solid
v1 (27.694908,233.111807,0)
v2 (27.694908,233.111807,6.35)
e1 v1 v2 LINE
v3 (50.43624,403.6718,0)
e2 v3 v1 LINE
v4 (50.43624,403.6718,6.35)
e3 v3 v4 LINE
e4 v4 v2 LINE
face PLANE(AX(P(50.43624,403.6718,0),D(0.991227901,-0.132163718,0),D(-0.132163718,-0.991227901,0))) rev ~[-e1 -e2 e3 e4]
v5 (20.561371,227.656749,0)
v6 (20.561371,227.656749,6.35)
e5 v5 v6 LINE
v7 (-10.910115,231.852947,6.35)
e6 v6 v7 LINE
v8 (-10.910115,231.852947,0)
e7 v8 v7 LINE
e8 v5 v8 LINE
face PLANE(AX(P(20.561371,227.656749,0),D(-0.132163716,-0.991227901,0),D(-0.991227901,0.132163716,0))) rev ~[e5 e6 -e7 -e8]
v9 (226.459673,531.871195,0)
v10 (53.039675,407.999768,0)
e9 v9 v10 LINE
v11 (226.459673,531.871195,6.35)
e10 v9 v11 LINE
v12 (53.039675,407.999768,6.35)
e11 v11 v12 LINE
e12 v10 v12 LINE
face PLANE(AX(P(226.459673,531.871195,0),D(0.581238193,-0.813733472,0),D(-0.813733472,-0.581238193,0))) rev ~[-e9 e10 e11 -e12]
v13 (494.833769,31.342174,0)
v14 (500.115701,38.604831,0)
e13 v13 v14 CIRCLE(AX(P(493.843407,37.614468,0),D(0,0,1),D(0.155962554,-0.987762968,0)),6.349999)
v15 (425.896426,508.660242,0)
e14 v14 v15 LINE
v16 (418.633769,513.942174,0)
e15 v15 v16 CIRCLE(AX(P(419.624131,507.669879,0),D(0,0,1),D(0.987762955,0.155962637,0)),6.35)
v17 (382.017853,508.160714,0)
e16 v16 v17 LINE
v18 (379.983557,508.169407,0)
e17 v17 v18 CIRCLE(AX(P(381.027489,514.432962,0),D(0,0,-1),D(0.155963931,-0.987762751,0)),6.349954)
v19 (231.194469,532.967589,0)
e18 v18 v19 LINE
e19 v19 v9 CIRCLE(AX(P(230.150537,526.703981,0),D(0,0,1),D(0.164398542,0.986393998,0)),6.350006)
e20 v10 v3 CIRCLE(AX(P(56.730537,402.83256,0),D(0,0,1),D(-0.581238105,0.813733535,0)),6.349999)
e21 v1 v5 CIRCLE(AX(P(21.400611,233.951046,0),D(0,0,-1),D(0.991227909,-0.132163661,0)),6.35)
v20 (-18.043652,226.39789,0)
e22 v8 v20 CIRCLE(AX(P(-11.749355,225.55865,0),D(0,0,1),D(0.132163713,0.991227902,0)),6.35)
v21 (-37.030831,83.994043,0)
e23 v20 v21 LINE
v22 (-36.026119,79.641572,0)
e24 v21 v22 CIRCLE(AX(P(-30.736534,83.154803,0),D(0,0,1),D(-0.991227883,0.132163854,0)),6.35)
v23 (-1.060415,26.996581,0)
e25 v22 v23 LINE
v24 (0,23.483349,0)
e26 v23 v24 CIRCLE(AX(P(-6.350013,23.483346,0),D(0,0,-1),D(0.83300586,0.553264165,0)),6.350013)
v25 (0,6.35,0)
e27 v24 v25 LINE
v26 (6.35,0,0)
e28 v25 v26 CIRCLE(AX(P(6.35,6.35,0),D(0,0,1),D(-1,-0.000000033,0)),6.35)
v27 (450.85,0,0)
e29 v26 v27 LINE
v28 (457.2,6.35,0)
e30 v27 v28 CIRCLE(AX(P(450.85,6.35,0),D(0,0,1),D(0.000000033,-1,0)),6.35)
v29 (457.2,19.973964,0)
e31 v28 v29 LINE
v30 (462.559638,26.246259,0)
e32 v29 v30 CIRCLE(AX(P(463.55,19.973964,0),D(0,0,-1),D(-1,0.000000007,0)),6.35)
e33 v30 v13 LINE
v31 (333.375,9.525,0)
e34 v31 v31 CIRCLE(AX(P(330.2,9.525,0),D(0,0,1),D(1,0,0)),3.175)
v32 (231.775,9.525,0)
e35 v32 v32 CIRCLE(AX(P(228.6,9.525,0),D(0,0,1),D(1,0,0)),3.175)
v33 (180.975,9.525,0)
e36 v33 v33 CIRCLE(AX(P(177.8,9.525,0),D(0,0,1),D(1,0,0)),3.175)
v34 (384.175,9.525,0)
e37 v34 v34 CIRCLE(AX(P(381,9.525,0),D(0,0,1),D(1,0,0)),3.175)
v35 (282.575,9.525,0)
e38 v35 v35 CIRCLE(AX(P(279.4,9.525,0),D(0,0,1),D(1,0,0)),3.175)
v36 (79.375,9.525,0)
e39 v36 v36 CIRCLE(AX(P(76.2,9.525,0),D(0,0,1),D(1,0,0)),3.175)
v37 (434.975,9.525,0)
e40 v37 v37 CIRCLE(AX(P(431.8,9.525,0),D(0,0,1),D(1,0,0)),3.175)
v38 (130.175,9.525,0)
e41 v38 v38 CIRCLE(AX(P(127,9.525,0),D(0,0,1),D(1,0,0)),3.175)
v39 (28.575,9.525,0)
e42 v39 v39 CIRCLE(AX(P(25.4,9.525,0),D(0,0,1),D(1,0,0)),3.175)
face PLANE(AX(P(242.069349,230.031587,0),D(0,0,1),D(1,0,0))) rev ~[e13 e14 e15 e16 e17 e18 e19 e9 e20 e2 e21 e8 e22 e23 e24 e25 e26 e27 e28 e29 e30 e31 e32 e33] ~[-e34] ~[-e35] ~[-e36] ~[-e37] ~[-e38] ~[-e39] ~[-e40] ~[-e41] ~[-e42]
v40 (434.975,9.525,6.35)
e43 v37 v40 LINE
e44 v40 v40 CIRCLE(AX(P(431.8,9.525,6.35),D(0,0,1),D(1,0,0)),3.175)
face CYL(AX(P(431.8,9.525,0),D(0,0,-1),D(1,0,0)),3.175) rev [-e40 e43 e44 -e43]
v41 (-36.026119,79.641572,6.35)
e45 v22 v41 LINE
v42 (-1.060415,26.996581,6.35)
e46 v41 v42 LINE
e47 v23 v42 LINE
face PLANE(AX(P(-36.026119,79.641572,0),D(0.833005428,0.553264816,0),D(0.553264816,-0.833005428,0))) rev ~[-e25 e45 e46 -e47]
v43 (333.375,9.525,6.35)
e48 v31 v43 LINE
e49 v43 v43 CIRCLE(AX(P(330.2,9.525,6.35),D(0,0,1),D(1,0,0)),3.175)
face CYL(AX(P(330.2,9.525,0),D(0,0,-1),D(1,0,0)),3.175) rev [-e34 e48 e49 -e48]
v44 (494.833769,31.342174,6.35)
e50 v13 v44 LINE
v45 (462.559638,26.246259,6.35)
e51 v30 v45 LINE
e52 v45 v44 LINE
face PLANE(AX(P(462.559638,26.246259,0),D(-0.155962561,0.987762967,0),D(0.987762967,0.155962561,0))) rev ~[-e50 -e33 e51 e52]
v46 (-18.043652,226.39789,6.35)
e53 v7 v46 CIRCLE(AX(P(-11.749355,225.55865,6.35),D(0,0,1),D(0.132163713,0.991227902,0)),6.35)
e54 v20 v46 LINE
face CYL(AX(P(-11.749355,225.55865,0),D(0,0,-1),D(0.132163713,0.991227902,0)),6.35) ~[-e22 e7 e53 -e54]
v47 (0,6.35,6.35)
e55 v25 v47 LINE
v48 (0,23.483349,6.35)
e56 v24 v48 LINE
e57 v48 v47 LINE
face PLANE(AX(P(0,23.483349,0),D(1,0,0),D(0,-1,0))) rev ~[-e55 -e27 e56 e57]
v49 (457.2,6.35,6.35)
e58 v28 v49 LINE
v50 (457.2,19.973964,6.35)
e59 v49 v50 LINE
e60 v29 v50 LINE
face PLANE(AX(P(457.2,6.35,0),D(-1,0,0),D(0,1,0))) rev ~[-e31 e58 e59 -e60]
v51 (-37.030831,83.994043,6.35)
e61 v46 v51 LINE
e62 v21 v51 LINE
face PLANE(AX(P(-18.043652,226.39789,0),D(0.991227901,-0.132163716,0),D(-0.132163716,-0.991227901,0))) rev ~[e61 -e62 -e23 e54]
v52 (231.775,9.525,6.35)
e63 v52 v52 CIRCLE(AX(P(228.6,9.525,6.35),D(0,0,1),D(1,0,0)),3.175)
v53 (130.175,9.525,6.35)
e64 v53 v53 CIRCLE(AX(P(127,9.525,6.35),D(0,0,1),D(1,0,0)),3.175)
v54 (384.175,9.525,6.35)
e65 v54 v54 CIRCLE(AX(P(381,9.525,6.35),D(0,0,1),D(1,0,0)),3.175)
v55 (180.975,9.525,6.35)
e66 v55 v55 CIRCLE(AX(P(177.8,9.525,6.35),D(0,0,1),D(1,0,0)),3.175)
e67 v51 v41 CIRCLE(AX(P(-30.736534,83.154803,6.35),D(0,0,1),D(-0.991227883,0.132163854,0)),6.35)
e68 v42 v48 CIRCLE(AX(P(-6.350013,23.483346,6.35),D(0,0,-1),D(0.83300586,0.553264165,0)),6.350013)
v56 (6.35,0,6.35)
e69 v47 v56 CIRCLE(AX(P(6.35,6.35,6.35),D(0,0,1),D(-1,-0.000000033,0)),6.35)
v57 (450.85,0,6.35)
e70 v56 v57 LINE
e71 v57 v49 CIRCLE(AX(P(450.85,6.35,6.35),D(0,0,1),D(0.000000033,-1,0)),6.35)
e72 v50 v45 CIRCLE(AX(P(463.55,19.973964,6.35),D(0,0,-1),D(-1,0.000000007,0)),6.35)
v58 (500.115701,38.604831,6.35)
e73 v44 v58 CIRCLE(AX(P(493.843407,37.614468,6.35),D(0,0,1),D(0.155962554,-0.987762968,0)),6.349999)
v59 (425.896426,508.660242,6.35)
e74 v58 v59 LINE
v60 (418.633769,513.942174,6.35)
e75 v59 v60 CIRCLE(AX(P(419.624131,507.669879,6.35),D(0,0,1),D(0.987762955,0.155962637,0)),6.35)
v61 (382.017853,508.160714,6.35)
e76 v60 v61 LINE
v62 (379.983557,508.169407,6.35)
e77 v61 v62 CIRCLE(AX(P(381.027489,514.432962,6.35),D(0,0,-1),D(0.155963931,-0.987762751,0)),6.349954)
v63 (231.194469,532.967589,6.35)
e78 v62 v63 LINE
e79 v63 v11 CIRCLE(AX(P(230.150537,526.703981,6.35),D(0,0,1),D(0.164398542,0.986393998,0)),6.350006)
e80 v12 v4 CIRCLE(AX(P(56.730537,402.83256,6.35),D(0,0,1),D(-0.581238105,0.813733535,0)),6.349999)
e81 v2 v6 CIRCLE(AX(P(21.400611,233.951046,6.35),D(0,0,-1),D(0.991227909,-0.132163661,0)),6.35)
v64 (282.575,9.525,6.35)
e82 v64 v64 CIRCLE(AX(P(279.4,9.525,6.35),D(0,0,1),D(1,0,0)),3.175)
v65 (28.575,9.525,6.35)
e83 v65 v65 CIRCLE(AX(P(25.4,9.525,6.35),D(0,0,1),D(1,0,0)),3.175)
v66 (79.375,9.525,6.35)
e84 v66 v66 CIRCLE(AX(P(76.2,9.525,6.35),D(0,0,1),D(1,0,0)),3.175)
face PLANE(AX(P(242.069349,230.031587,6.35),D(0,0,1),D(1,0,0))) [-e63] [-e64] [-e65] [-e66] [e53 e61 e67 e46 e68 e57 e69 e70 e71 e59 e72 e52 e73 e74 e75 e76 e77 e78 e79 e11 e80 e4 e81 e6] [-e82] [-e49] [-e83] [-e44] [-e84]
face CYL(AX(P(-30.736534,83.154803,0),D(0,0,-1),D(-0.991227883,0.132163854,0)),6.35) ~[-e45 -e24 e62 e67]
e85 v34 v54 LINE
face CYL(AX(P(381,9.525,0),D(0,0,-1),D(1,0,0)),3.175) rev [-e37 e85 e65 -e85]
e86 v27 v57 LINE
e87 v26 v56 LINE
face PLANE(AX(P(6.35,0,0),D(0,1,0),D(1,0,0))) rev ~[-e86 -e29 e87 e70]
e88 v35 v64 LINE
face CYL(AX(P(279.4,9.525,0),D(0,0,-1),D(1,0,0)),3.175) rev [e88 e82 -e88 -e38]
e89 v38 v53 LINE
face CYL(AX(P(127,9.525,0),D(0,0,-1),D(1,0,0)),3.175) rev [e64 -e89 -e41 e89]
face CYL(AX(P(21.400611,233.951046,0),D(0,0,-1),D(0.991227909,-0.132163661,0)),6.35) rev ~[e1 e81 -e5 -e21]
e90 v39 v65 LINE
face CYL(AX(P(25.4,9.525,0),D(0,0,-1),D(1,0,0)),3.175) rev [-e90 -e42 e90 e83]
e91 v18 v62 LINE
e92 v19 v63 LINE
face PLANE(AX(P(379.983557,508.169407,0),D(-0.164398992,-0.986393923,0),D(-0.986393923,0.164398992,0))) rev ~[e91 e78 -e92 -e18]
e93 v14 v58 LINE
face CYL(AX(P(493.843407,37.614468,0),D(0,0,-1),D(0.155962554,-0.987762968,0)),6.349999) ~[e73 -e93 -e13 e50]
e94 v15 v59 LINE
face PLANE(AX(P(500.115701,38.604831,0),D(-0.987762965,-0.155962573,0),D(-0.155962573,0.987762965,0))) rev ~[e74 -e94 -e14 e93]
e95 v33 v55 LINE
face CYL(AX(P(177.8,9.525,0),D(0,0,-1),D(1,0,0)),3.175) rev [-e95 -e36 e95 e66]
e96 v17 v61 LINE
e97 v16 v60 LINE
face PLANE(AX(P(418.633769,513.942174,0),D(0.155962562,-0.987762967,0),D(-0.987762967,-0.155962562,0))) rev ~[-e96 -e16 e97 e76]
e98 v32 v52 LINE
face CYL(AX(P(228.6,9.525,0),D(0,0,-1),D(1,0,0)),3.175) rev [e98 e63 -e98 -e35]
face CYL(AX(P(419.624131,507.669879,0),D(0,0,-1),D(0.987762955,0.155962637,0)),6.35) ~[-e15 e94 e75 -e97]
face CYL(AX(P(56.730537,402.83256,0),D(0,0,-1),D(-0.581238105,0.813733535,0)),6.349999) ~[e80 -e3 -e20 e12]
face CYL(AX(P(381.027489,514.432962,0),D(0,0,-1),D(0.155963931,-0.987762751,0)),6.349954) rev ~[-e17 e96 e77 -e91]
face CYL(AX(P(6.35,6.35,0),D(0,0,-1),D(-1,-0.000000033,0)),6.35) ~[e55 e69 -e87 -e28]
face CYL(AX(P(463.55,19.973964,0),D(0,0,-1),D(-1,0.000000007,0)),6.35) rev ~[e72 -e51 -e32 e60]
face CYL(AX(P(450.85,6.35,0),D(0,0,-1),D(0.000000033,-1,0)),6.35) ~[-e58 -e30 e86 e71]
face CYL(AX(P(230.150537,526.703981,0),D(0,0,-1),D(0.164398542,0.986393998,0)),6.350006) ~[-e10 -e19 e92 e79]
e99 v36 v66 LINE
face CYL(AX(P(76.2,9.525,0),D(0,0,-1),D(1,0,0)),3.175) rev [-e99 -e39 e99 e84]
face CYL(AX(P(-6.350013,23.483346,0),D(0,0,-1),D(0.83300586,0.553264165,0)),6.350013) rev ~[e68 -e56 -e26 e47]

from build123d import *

# Parameters (mm, degrees)
F0_R     = 3.175
F1_DEPTH = 6.35


with BuildPart() as f1:
    # F0 (on Top) → F1 (new body)
    with BuildSketch(Plane.XY):
        with BuildLine():
            ThreePointArc((0, 6.35), (1.859872, 1.859872), (6.35, 0))
            Line((6.35, 0), (450.85, 0))
            ThreePointArc((450.85, 0), (455.340128, 1.859872), (457.2, 6.35))
            Line((457.2, 6.35), (457.2, 19.973964))
            ThreePointArc((457.2, 19.973964), (458.722407, 24.099112), (462.559638, 26.246259))
            Line((462.559638, 26.246259), (494.833769, 31.342174))
            ThreePointArc((494.833769, 31.342174), (498.978881, 33.879579), (500.115701, 38.604831))
            Line((500.115701, 38.604831), (425.896426, 508.660242))
            ThreePointArc((425.896426, 508.660242), (423.359022, 512.805353), (418.633769, 513.942174))
            Line((418.633769, 513.942174), (382.017853, 508.160714))
            ThreePointArc((382.017853, 508.160714), (381.000355, 508.083066), (379.983557, 508.169407))
            Line((379.983557, 508.169407), (231.194469, 532.967589))
            ThreePointArc((231.194469, 532.967589), (228.718027, 532.890296), (226.459673, 531.871195))
            Line((226.459673, 531.871195), (53.039675, 407.999768))
            ThreePointArc((53.039675, 407.999768), (51.289151, 406.105757), (50.43624, 403.6718))
            Line((50.43624, 403.6718), (27.694908, 233.111807))
            ThreePointArc((27.694908, 233.111807), (25.257919, 228.906874), (20.561371, 227.656749))
            Line((20.561371, 227.656749), (-10.910115, 231.852947))
            ThreePointArc((-10.910115, 231.852947), (-15.606663, 230.602822), (-18.043652, 226.39789))
            Line((-18.043652, 226.39789), (-37.030831, 83.994043))
            ThreePointArc((-37.030831, 83.994043), (-36.923826, 81.726546), (-36.026119, 79.641572))
            Line((-36.026119, 79.641572), (-1.060415, 26.996581))
            ThreePointArc((-1.060415, 26.996581), (-0.270882, 25.318239), (0, 23.483349))
            Line((0, 23.483349), (0, 6.35))
        make_face()
        with Locations((25.4, 9.525)):
            Circle(F0_R, mode=Mode.SUBTRACT)
        with Locations((76.2, 9.525)):
            Circle(F0_R, mode=Mode.SUBTRACT)
        with Locations((127, 9.525)):
            Circle(F0_R, mode=Mode.SUBTRACT)
        with Locations((177.8, 9.525)):
            Circle(F0_R, mode=Mode.SUBTRACT)
        with Locations((228.6, 9.525)):
            Circle(F0_R, mode=Mode.SUBTRACT)
        with Locations((279.4, 9.525)):
            Circle(F0_R, mode=Mode.SUBTRACT)
        with Locations((330.2, 9.525)):
            Circle(F0_R, mode=Mode.SUBTRACT)
        with Locations((381, 9.525)):
            Circle(F0_R, mode=Mode.SUBTRACT)
        with Locations((431.8, 9.525)):
            Circle(F0_R, mode=Mode.SUBTRACT)
    extrude(amount=F1_DEPTH)


solid = f1.part
